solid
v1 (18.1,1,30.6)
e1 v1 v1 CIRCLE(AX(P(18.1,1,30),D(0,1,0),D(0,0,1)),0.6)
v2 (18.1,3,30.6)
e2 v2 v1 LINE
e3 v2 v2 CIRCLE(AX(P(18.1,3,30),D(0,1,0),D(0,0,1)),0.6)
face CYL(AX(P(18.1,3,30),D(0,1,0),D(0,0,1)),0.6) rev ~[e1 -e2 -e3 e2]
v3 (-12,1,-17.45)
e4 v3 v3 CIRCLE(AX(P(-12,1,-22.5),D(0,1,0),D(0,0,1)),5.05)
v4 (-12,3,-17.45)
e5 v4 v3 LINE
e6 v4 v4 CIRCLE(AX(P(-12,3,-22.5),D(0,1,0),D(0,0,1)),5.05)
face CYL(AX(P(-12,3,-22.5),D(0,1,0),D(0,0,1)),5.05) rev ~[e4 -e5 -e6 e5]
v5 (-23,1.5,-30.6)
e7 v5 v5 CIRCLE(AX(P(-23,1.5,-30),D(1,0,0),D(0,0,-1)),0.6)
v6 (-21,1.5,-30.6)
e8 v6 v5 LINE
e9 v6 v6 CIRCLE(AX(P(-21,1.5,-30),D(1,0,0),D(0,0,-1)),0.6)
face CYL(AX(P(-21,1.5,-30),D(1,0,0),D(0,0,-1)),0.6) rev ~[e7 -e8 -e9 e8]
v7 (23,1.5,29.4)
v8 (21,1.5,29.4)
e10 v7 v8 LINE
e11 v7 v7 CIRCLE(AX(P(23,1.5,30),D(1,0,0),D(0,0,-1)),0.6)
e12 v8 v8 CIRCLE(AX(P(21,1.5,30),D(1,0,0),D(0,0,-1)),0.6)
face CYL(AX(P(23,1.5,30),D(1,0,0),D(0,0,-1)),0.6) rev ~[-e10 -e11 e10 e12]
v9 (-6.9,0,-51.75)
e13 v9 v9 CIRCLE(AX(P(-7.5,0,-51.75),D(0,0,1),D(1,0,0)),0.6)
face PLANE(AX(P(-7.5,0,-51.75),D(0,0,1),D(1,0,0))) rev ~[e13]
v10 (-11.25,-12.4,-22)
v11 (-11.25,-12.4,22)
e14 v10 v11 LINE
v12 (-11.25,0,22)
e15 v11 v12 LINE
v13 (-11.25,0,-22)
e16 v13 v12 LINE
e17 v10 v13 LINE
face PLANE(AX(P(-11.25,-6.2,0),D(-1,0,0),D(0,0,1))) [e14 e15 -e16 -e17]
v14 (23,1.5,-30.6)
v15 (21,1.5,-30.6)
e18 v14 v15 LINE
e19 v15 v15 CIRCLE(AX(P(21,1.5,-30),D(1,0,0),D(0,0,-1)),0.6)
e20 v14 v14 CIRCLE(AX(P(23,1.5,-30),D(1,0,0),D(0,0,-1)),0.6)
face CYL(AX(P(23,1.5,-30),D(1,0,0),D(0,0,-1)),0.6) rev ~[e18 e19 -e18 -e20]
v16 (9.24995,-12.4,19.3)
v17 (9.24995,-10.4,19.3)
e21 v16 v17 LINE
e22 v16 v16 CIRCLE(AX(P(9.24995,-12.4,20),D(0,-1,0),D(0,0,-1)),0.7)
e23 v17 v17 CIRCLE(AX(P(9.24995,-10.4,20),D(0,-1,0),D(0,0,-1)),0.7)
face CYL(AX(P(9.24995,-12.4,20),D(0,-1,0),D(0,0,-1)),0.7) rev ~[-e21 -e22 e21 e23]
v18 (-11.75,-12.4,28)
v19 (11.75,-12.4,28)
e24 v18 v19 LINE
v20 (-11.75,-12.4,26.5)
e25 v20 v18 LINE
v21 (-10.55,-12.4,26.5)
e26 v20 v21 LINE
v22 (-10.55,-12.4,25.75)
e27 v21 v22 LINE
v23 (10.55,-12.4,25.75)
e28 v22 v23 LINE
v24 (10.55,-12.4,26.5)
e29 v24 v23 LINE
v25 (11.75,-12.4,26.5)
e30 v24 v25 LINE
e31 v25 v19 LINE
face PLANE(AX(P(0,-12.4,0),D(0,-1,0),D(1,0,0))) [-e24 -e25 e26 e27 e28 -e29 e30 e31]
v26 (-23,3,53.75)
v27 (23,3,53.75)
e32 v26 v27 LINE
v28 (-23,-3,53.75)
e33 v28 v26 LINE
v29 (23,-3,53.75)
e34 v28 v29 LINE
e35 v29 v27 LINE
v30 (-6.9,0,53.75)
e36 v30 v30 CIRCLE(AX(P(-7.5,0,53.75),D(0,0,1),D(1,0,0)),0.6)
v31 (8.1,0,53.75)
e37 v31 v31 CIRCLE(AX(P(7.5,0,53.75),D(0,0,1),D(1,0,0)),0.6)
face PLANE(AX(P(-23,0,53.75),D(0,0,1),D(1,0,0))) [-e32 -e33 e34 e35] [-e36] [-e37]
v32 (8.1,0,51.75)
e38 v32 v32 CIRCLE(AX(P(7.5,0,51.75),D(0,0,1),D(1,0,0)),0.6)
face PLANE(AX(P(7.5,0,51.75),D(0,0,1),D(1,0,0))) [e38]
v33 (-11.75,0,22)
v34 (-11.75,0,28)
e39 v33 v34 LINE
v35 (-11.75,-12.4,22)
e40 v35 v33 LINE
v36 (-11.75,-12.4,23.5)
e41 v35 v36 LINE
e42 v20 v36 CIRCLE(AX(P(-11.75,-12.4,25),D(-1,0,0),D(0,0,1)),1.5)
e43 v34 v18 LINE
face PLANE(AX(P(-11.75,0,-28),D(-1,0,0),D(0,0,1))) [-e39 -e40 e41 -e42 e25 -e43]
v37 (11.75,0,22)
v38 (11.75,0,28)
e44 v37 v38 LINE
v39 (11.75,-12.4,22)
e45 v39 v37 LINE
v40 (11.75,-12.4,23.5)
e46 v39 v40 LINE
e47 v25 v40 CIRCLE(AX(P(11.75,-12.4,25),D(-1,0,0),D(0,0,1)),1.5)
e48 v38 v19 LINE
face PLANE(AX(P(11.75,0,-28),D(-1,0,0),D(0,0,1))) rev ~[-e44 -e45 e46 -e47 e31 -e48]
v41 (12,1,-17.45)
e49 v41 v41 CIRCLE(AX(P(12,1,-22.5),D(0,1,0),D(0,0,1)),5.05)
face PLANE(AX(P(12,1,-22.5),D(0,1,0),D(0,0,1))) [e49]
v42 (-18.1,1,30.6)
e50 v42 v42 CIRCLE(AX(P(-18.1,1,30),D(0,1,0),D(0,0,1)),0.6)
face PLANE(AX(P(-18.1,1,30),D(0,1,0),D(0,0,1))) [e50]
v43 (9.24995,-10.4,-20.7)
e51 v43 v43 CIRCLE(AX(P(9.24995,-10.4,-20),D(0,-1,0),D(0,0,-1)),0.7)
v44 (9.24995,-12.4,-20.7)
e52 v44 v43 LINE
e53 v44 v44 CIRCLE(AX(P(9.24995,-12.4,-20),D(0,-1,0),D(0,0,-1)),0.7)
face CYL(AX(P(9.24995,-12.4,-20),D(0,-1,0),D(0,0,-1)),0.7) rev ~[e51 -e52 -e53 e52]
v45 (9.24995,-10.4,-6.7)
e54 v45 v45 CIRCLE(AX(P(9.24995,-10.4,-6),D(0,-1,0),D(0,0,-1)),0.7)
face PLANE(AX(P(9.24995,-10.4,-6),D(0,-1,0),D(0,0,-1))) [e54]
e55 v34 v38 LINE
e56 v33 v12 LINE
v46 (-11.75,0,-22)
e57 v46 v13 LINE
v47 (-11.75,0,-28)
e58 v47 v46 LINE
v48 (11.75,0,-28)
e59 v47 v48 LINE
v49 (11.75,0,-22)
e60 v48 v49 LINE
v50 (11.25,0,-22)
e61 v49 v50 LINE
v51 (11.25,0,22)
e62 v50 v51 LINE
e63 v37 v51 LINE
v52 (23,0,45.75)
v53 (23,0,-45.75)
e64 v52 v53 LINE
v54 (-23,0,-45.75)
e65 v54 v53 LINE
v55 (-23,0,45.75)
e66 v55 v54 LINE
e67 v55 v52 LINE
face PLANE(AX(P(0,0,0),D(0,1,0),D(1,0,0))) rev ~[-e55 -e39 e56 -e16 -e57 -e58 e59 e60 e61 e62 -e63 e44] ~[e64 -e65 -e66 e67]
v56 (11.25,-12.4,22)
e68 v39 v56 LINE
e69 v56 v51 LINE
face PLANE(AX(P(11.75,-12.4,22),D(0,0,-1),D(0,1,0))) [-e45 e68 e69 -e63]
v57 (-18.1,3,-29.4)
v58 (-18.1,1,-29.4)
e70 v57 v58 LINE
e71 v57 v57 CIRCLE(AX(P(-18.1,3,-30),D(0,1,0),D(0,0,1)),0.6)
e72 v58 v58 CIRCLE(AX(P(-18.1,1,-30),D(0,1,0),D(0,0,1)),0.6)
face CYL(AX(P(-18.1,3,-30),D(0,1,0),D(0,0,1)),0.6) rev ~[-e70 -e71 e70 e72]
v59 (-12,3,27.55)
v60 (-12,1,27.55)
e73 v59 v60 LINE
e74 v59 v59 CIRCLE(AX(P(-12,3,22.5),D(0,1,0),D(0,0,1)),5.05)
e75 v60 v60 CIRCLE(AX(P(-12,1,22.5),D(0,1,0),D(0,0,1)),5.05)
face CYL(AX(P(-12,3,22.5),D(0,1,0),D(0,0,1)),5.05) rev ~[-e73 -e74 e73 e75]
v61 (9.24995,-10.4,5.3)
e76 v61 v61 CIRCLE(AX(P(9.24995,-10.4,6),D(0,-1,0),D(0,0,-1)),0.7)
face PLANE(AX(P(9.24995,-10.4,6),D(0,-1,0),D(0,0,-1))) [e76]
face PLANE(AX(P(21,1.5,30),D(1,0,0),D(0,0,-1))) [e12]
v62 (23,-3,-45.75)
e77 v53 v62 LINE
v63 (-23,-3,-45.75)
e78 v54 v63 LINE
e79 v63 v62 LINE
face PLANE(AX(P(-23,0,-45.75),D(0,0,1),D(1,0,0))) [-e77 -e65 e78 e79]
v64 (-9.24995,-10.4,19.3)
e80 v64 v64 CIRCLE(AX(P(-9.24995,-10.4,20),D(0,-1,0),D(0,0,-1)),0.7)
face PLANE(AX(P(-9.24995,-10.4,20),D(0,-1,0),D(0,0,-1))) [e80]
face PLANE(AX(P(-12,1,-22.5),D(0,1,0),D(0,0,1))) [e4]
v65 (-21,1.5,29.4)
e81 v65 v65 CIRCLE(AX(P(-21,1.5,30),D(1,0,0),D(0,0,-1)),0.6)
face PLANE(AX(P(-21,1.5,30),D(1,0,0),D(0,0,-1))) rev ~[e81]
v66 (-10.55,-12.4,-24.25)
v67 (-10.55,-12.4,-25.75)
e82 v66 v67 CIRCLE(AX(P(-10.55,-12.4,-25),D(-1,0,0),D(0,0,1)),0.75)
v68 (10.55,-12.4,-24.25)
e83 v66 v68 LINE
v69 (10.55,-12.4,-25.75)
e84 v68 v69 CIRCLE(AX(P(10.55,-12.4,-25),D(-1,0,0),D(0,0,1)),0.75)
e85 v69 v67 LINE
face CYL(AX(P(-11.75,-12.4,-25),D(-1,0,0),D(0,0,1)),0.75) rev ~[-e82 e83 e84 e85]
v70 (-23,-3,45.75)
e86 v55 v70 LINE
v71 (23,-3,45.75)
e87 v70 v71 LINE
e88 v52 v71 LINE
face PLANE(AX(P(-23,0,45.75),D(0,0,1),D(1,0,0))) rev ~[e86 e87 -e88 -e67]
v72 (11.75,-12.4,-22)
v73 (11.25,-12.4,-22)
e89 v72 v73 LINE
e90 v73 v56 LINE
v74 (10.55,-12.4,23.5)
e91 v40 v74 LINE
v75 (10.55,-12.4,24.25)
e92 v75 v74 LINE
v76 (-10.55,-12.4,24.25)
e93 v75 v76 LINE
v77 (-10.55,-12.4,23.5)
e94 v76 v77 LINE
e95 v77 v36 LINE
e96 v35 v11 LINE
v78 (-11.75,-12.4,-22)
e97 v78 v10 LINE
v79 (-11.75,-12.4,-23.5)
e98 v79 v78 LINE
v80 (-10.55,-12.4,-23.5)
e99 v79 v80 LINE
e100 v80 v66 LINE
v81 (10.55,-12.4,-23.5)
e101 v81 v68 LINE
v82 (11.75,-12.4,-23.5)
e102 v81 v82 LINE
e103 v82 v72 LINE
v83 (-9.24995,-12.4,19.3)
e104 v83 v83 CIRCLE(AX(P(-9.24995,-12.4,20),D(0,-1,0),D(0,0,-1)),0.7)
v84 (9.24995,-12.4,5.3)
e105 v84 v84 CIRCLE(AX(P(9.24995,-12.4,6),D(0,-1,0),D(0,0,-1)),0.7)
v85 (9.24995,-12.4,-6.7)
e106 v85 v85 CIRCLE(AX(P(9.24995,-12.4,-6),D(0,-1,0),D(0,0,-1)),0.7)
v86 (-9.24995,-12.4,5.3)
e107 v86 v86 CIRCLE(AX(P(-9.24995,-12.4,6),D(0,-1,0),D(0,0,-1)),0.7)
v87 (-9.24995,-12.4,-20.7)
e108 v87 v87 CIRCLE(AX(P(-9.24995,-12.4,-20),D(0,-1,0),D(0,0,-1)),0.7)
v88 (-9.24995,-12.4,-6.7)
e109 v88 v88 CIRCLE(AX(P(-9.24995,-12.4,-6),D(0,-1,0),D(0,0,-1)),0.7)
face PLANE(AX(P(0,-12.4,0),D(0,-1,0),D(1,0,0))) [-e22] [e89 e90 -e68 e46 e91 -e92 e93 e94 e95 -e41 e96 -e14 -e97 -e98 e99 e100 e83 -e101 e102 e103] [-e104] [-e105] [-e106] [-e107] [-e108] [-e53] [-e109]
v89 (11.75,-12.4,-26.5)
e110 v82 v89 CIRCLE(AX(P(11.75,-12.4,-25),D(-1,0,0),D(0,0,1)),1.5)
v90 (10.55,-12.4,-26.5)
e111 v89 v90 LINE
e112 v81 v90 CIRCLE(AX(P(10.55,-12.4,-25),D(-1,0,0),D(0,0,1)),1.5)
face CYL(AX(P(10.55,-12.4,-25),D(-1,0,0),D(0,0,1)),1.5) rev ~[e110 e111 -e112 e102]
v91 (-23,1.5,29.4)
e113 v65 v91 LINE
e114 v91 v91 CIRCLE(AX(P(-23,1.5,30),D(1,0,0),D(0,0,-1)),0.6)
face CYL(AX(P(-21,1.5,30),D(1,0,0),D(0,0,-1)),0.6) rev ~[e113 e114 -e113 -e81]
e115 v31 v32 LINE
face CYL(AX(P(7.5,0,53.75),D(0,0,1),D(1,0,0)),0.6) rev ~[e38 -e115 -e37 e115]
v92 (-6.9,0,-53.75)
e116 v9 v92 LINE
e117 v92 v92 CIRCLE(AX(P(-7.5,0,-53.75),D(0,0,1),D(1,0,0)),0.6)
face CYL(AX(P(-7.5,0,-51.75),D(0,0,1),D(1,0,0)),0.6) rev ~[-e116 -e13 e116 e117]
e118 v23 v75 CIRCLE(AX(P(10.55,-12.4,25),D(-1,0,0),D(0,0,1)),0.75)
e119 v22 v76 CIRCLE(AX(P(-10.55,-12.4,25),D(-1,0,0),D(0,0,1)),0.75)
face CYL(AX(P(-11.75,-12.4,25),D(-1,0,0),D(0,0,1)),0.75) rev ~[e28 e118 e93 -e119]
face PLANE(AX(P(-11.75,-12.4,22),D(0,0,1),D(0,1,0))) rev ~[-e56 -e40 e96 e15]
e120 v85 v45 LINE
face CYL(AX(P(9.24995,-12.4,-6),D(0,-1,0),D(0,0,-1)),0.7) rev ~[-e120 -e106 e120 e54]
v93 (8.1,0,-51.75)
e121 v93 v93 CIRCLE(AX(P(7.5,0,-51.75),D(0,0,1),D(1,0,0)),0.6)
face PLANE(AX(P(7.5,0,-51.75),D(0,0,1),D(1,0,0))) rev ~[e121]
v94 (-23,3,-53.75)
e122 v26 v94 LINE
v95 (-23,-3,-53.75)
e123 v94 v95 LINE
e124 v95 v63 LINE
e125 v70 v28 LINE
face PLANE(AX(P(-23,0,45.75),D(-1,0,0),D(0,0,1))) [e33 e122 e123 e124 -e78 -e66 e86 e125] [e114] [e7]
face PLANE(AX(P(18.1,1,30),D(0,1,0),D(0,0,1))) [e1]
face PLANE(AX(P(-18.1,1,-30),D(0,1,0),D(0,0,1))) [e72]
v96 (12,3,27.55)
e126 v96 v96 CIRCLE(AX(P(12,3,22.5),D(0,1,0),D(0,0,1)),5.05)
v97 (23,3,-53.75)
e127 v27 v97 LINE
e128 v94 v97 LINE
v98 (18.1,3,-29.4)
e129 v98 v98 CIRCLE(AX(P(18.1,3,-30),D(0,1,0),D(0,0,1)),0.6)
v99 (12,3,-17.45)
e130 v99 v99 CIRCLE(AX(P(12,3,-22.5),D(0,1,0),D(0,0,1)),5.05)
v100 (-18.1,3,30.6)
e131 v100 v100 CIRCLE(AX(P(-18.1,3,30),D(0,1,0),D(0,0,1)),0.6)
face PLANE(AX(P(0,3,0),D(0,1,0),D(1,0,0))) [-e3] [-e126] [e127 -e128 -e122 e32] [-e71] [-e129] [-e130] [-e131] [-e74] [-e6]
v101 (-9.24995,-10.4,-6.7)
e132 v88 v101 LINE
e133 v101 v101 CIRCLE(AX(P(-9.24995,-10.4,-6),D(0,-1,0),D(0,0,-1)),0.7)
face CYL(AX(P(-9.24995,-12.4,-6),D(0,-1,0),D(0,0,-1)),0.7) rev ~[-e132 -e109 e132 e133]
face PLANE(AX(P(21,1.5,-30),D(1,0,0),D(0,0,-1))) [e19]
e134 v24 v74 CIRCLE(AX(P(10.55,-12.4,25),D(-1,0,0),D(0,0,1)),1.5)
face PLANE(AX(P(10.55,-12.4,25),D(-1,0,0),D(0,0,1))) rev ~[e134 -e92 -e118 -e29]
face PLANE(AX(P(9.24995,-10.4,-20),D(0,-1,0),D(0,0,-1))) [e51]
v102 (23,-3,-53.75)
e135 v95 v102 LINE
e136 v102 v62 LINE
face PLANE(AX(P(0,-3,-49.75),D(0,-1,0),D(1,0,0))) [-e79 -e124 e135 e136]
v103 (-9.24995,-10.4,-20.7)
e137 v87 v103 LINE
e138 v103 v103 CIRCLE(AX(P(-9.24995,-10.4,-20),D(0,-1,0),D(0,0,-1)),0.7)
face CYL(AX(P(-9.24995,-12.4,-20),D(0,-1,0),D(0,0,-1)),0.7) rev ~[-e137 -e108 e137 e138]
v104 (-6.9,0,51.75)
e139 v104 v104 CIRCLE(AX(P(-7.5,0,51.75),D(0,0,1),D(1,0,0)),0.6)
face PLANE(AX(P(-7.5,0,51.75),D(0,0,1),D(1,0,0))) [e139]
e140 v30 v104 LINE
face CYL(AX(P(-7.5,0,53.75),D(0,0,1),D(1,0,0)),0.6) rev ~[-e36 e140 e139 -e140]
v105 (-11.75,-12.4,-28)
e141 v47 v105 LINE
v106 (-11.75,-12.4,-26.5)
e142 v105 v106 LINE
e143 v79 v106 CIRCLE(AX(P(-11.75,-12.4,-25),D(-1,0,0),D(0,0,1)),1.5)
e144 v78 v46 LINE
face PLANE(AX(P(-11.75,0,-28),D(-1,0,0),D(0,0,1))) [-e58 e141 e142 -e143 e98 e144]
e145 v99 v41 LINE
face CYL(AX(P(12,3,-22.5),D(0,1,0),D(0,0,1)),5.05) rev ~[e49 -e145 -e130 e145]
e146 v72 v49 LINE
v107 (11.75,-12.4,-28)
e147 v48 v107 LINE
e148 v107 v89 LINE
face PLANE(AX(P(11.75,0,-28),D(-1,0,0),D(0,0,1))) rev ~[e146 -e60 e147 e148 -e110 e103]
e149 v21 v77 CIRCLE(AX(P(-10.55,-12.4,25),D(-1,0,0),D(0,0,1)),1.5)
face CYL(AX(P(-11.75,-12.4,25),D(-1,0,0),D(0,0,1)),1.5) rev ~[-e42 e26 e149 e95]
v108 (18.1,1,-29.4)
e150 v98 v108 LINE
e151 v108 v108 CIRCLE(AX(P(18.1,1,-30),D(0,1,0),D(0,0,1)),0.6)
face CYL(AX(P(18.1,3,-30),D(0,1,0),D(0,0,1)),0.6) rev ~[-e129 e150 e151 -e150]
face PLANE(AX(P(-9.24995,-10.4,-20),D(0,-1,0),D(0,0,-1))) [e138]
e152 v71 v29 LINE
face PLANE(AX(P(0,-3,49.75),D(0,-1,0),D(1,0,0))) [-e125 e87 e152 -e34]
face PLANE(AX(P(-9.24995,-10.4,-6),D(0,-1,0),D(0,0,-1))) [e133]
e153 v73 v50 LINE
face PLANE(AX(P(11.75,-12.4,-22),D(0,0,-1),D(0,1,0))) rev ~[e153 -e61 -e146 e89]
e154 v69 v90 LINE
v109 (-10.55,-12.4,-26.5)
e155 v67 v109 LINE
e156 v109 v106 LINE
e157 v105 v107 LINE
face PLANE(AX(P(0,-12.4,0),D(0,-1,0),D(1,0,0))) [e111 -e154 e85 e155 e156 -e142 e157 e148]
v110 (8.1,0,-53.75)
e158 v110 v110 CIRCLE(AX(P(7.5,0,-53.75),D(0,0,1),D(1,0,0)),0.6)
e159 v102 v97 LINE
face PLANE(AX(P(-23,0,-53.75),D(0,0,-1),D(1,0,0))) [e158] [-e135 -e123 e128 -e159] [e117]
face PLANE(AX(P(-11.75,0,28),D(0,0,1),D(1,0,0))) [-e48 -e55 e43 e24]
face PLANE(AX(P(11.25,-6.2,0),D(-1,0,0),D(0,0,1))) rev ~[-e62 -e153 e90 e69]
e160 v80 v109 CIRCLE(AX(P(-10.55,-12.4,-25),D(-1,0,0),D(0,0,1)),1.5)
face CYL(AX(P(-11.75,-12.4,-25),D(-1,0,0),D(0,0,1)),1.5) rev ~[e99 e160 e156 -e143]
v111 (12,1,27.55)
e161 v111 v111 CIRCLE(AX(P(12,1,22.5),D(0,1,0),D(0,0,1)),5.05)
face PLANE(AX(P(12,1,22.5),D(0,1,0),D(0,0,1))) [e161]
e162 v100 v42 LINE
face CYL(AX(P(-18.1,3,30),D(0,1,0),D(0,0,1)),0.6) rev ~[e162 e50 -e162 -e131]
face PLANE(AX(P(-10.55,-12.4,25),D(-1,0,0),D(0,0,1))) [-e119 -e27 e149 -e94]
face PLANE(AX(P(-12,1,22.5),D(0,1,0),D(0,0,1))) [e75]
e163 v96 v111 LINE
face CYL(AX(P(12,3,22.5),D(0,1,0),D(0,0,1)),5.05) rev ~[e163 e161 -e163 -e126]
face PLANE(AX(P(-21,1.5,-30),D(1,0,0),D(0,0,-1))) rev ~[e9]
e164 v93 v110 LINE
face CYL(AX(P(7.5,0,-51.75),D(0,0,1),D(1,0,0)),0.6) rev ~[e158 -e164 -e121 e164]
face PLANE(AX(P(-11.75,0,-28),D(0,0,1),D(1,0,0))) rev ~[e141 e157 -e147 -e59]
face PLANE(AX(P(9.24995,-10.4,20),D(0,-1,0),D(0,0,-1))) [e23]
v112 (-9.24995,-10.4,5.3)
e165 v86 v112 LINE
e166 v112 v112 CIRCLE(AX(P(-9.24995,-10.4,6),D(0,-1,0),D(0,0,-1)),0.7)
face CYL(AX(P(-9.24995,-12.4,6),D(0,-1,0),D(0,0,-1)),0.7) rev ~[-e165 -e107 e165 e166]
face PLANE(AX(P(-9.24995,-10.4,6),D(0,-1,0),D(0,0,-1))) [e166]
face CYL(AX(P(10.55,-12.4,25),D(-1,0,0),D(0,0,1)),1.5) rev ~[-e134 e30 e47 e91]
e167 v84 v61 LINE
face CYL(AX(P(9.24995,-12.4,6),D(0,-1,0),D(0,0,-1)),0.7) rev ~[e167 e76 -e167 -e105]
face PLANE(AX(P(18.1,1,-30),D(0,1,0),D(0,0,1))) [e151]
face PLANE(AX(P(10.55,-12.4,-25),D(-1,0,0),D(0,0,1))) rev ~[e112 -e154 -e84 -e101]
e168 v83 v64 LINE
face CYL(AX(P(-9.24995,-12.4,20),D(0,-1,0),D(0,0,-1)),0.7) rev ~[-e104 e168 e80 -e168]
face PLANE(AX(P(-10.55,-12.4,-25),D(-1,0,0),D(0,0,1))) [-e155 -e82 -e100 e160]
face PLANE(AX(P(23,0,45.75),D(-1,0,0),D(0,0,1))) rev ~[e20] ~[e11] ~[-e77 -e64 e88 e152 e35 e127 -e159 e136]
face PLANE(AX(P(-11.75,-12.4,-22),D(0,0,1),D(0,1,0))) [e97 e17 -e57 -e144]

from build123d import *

# Parameters (mm, degrees)
SKETCH_4_W           = 46
SKETCH_4_H           = 107.5
EXTRUDE_1_DEPTH      = 3
SKETCH_5_W           = 23.5
SKETCH_5_H           = 56
EXTRUDE_2_DEPTH      = 12.4
SKETCH_6_R           = 0.75
CUT_EXTRUDE_1_DEPTH  = 66.1949768
SKETCH_6_5_R         = 1.5
CUT_EXTRUDE_4_DEPTH  = 1.2
CUT_EXTRUDE_START    = -22.3
SKETCH_6_6_R         = 1.5
CUT_EXTRUDE_5_DEPTH  = 1.2
SKETCH_7_R           = 0.7
CUT_EXTRUDE_6_DEPTH  = 2
SKETCH_9_W           = 46
SKETCH_9_H           = 8
EXTRUDE_3_DEPTH      = 3
SKETCH_10_R          = 0.6
CUT_EXTRUDE_8_DEPTH  = 2
CUT_EXTRUDE_START_2  = -105.5
SKETCH_10_2_R        = 0.6
CUT_EXTRUDE_9_DEPTH  = 2
SKETCH_11_R          = 0.6
CUT_EXTRUDE_10_DEPTH = 2
SKETCH_12_W          = 44
SKETCH_12_H          = 12.4
CUT_EXTRUDE_11_DEPTH = 0.5
CUT_EXTRUDE_START_3  = -23.5
SKETCH_12_2_W        = 44
SKETCH_12_2_H        = 12.4
CUT_EXTRUDE_12_DEPTH = 0.5
SKETCH_13_R          = 0.6
CUT_EXTRUDE_13_DEPTH = 2
CUT_EXTRUDE_START_4  = -44
SKETCH_13_2_R        = 0.6
CUT_EXTRUDE_14_DEPTH = 2
SKETCH_14_R          = 5.05
CUT_EXTRUDE_15_DEPTH = 2


with BuildPart() as part:
    # 草图4 → 凸台-拉伸1 (new body)
    with BuildSketch(Plane(origin=(0, 0, 0), x_dir=(1, 0, 0), z_dir=(0, 1, 0))):
        Rectangle(SKETCH_4_W, SKETCH_4_H)
    extrude(amount=EXTRUDE_1_DEPTH)

    # 草图5 → 凸台-拉伸2 (add)
    with BuildSketch(Plane.XZ):
        Rectangle(SKETCH_5_W, SKETCH_5_H)
    extrude(amount=EXTRUDE_2_DEPTH)

    # 草图6 → 切除-拉伸1 (cut, through all)
    with BuildSketch(Plane.ZY.offset(11.75)):
        with Locations((25, -12.4)):
            Circle(SKETCH_6_R)
        with Locations((-25, -12.4)):
            Circle(SKETCH_6_R)
    extrude(amount=-CUT_EXTRUDE_1_DEPTH, mode=Mode.SUBTRACT)

    # 草图6<5> → 切除-拉伸4 (cut)
    with BuildSketch(Plane.ZY.offset(11.75)):
        with Locations((25, -12.4)):
            Circle(SKETCH_6_5_R)
        with Locations((-25, -12.4)):
            Circle(SKETCH_6_5_R)
    extrude(amount=-CUT_EXTRUDE_4_DEPTH, mode=Mode.SUBTRACT)

    # 草图6<6> → 切除-拉伸5 (cut)
    with BuildSketch(Plane.ZY.offset(11.75).offset(CUT_EXTRUDE_START)):
        with Locations((25, -12.4)):
            Circle(SKETCH_6_6_R)
        with Locations((-25, -12.4)):
            Circle(SKETCH_6_6_R)
    extrude(amount=-CUT_EXTRUDE_5_DEPTH, mode=Mode.SUBTRACT)

    # 草图7 → 切除-拉伸6 (cut)
    with BuildSketch(Plane(origin=(0, -12.4, 0), x_dir=(-1, 0, 0), z_dir=(0, -1, 0))):
        with Locations(Location((9.249949764, -20, 0), (0, 0, 90))):
            Circle(SKETCH_7_R)
        with Locations(Location((-9.249949764, -20, 0), (0, 0, 90))):
            Circle(SKETCH_7_R)
        with Locations(Location((-9.249949764, -6, 0), (0, 0, 90))):
            Circle(SKETCH_7_R)
        with Locations(Location((9.249949764, -6, 0), (0, 0, 90))):
            Circle(SKETCH_7_R)
        with Locations(Location((9.249949764, 6, 0), (0, 0, 90))):
            Circle(SKETCH_7_R)
        with Locations(Location((-9.249949764, 6, 0), (0, 0, 90))):
            Circle(SKETCH_7_R)
        with Locations(Location((-9.249949764, 20, 0), (0, 0, 90))):
            Circle(SKETCH_7_R)
        with Locations(Location((9.249949764, 20, 0), (0, 0, 90))):
            Circle(SKETCH_7_R)
    extrude(amount=-CUT_EXTRUDE_6_DEPTH, mode=Mode.SUBTRACT)

    # 草图9 → 凸台-拉伸3 (add)
    with BuildSketch(Plane.XZ):
        with Locations((0, 49.75)):
            Rectangle(SKETCH_9_W, SKETCH_9_H)
        with Locations((0, -49.75)):
            Rectangle(SKETCH_9_W, SKETCH_9_H)
    extrude(amount=EXTRUDE_3_DEPTH)

    # 草图10 → 切除-拉伸8 (cut)
    with BuildSketch(Plane.XY.offset(53.75)):
        with Locations((-7.5, 0)):
            Circle(SKETCH_10_R)
        with Locations((7.5, 0)):
            Circle(SKETCH_10_R)
    extrude(amount=-CUT_EXTRUDE_8_DEPTH, mode=Mode.SUBTRACT)

    # 草图10<2> → 切除-拉伸9 (cut)
    with BuildSketch(Plane.XY.offset(53.75).offset(CUT_EXTRUDE_START_2)):
        with Locations((-7.5, 0)):
            Circle(SKETCH_10_2_R)
        with Locations((7.5, 0)):
            Circle(SKETCH_10_2_R)
    extrude(amount=-CUT_EXTRUDE_9_DEPTH, mode=Mode.SUBTRACT)

    # 草图11 → 切除-拉伸10 (cut)
    with BuildSketch(Plane(origin=(0, 3, 0), x_dir=(1, 0, 0), z_dir=(0, 1, 0))):
        with Locations(Location((-18.1, 30, 0), (0, 0, 270))):
            Circle(SKETCH_11_R)
        with Locations(Location((18.1, 30, 0), (0, 0, 270))):
            Circle(SKETCH_11_R)
        with Locations(Location((18.1, -30, 0), (0, 0, 270))):
            Circle(SKETCH_11_R)
        with Locations(Location((-18.1, -30, 0), (0, 0, 270))):
            Circle(SKETCH_11_R)
    extrude(amount=-CUT_EXTRUDE_10_DEPTH, mode=Mode.SUBTRACT)

    # 草图12 → 切除-拉伸11 (cut)
    with BuildSketch(Plane.ZY.offset(11.75)):
        with Locations((0, -6.2)):
            Rectangle(SKETCH_12_W, SKETCH_12_H)
    extrude(amount=-CUT_EXTRUDE_11_DEPTH, mode=Mode.SUBTRACT)

    # 草图12<2> → 切除-拉伸12 (cut)
    with BuildSketch(Plane.ZY.offset(11.75).offset(CUT_EXTRUDE_START_3)):
        with Locations((0, -6.2)):
            Rectangle(SKETCH_12_2_W, SKETCH_12_2_H)
    extrude(amount=CUT_EXTRUDE_12_DEPTH, mode=Mode.SUBTRACT)

    # 草图13 → 切除-拉伸13 (cut)
    with BuildSketch(Plane(origin=(23, 0, 0), x_dir=(0, 0, -1), z_dir=(1, 0, 0))):
        with Locations((-30, 1.5)):
            Circle(SKETCH_13_R)
        with Locations((30, 1.5)):
            Circle(SKETCH_13_R)
    extrude(amount=-CUT_EXTRUDE_13_DEPTH, mode=Mode.SUBTRACT)

    # 草图13<2> → 切除-拉伸14 (cut)
    with BuildSketch(Plane(origin=(23, 0, 0), x_dir=(0, 0, -1), z_dir=(1, 0, 0)).offset(CUT_EXTRUDE_START_4)):
        with Locations((-30, 1.5)):
            Circle(SKETCH_13_2_R)
        with Locations((30, 1.5)):
            Circle(SKETCH_13_2_R)
    extrude(amount=-CUT_EXTRUDE_14_DEPTH, mode=Mode.SUBTRACT)

    # 草图14 → 切除-拉伸15 (cut)
    with BuildSketch(Plane(origin=(0, 3, 0), x_dir=(1, 0, 0), z_dir=(0, 1, 0))):
        with Locations(Location((-12, 22.5, 0), (0, 0, 270))):
            Circle(SKETCH_14_R)
        with Locations(Location((12, 22.5, 0), (0, 0, 270))):
            Circle(SKETCH_14_R)
        with Locations(Location((-12, -22.5, 0), (0, 0, 270))):
            Circle(SKETCH_14_R)
        with Locations(Location((12, -22.5, 0), (0, 0, 270))):
            Circle(SKETCH_14_R)
    extrude(amount=-CUT_EXTRUDE_15_DEPTH, mode=Mode.SUBTRACT)


solid = part.part
